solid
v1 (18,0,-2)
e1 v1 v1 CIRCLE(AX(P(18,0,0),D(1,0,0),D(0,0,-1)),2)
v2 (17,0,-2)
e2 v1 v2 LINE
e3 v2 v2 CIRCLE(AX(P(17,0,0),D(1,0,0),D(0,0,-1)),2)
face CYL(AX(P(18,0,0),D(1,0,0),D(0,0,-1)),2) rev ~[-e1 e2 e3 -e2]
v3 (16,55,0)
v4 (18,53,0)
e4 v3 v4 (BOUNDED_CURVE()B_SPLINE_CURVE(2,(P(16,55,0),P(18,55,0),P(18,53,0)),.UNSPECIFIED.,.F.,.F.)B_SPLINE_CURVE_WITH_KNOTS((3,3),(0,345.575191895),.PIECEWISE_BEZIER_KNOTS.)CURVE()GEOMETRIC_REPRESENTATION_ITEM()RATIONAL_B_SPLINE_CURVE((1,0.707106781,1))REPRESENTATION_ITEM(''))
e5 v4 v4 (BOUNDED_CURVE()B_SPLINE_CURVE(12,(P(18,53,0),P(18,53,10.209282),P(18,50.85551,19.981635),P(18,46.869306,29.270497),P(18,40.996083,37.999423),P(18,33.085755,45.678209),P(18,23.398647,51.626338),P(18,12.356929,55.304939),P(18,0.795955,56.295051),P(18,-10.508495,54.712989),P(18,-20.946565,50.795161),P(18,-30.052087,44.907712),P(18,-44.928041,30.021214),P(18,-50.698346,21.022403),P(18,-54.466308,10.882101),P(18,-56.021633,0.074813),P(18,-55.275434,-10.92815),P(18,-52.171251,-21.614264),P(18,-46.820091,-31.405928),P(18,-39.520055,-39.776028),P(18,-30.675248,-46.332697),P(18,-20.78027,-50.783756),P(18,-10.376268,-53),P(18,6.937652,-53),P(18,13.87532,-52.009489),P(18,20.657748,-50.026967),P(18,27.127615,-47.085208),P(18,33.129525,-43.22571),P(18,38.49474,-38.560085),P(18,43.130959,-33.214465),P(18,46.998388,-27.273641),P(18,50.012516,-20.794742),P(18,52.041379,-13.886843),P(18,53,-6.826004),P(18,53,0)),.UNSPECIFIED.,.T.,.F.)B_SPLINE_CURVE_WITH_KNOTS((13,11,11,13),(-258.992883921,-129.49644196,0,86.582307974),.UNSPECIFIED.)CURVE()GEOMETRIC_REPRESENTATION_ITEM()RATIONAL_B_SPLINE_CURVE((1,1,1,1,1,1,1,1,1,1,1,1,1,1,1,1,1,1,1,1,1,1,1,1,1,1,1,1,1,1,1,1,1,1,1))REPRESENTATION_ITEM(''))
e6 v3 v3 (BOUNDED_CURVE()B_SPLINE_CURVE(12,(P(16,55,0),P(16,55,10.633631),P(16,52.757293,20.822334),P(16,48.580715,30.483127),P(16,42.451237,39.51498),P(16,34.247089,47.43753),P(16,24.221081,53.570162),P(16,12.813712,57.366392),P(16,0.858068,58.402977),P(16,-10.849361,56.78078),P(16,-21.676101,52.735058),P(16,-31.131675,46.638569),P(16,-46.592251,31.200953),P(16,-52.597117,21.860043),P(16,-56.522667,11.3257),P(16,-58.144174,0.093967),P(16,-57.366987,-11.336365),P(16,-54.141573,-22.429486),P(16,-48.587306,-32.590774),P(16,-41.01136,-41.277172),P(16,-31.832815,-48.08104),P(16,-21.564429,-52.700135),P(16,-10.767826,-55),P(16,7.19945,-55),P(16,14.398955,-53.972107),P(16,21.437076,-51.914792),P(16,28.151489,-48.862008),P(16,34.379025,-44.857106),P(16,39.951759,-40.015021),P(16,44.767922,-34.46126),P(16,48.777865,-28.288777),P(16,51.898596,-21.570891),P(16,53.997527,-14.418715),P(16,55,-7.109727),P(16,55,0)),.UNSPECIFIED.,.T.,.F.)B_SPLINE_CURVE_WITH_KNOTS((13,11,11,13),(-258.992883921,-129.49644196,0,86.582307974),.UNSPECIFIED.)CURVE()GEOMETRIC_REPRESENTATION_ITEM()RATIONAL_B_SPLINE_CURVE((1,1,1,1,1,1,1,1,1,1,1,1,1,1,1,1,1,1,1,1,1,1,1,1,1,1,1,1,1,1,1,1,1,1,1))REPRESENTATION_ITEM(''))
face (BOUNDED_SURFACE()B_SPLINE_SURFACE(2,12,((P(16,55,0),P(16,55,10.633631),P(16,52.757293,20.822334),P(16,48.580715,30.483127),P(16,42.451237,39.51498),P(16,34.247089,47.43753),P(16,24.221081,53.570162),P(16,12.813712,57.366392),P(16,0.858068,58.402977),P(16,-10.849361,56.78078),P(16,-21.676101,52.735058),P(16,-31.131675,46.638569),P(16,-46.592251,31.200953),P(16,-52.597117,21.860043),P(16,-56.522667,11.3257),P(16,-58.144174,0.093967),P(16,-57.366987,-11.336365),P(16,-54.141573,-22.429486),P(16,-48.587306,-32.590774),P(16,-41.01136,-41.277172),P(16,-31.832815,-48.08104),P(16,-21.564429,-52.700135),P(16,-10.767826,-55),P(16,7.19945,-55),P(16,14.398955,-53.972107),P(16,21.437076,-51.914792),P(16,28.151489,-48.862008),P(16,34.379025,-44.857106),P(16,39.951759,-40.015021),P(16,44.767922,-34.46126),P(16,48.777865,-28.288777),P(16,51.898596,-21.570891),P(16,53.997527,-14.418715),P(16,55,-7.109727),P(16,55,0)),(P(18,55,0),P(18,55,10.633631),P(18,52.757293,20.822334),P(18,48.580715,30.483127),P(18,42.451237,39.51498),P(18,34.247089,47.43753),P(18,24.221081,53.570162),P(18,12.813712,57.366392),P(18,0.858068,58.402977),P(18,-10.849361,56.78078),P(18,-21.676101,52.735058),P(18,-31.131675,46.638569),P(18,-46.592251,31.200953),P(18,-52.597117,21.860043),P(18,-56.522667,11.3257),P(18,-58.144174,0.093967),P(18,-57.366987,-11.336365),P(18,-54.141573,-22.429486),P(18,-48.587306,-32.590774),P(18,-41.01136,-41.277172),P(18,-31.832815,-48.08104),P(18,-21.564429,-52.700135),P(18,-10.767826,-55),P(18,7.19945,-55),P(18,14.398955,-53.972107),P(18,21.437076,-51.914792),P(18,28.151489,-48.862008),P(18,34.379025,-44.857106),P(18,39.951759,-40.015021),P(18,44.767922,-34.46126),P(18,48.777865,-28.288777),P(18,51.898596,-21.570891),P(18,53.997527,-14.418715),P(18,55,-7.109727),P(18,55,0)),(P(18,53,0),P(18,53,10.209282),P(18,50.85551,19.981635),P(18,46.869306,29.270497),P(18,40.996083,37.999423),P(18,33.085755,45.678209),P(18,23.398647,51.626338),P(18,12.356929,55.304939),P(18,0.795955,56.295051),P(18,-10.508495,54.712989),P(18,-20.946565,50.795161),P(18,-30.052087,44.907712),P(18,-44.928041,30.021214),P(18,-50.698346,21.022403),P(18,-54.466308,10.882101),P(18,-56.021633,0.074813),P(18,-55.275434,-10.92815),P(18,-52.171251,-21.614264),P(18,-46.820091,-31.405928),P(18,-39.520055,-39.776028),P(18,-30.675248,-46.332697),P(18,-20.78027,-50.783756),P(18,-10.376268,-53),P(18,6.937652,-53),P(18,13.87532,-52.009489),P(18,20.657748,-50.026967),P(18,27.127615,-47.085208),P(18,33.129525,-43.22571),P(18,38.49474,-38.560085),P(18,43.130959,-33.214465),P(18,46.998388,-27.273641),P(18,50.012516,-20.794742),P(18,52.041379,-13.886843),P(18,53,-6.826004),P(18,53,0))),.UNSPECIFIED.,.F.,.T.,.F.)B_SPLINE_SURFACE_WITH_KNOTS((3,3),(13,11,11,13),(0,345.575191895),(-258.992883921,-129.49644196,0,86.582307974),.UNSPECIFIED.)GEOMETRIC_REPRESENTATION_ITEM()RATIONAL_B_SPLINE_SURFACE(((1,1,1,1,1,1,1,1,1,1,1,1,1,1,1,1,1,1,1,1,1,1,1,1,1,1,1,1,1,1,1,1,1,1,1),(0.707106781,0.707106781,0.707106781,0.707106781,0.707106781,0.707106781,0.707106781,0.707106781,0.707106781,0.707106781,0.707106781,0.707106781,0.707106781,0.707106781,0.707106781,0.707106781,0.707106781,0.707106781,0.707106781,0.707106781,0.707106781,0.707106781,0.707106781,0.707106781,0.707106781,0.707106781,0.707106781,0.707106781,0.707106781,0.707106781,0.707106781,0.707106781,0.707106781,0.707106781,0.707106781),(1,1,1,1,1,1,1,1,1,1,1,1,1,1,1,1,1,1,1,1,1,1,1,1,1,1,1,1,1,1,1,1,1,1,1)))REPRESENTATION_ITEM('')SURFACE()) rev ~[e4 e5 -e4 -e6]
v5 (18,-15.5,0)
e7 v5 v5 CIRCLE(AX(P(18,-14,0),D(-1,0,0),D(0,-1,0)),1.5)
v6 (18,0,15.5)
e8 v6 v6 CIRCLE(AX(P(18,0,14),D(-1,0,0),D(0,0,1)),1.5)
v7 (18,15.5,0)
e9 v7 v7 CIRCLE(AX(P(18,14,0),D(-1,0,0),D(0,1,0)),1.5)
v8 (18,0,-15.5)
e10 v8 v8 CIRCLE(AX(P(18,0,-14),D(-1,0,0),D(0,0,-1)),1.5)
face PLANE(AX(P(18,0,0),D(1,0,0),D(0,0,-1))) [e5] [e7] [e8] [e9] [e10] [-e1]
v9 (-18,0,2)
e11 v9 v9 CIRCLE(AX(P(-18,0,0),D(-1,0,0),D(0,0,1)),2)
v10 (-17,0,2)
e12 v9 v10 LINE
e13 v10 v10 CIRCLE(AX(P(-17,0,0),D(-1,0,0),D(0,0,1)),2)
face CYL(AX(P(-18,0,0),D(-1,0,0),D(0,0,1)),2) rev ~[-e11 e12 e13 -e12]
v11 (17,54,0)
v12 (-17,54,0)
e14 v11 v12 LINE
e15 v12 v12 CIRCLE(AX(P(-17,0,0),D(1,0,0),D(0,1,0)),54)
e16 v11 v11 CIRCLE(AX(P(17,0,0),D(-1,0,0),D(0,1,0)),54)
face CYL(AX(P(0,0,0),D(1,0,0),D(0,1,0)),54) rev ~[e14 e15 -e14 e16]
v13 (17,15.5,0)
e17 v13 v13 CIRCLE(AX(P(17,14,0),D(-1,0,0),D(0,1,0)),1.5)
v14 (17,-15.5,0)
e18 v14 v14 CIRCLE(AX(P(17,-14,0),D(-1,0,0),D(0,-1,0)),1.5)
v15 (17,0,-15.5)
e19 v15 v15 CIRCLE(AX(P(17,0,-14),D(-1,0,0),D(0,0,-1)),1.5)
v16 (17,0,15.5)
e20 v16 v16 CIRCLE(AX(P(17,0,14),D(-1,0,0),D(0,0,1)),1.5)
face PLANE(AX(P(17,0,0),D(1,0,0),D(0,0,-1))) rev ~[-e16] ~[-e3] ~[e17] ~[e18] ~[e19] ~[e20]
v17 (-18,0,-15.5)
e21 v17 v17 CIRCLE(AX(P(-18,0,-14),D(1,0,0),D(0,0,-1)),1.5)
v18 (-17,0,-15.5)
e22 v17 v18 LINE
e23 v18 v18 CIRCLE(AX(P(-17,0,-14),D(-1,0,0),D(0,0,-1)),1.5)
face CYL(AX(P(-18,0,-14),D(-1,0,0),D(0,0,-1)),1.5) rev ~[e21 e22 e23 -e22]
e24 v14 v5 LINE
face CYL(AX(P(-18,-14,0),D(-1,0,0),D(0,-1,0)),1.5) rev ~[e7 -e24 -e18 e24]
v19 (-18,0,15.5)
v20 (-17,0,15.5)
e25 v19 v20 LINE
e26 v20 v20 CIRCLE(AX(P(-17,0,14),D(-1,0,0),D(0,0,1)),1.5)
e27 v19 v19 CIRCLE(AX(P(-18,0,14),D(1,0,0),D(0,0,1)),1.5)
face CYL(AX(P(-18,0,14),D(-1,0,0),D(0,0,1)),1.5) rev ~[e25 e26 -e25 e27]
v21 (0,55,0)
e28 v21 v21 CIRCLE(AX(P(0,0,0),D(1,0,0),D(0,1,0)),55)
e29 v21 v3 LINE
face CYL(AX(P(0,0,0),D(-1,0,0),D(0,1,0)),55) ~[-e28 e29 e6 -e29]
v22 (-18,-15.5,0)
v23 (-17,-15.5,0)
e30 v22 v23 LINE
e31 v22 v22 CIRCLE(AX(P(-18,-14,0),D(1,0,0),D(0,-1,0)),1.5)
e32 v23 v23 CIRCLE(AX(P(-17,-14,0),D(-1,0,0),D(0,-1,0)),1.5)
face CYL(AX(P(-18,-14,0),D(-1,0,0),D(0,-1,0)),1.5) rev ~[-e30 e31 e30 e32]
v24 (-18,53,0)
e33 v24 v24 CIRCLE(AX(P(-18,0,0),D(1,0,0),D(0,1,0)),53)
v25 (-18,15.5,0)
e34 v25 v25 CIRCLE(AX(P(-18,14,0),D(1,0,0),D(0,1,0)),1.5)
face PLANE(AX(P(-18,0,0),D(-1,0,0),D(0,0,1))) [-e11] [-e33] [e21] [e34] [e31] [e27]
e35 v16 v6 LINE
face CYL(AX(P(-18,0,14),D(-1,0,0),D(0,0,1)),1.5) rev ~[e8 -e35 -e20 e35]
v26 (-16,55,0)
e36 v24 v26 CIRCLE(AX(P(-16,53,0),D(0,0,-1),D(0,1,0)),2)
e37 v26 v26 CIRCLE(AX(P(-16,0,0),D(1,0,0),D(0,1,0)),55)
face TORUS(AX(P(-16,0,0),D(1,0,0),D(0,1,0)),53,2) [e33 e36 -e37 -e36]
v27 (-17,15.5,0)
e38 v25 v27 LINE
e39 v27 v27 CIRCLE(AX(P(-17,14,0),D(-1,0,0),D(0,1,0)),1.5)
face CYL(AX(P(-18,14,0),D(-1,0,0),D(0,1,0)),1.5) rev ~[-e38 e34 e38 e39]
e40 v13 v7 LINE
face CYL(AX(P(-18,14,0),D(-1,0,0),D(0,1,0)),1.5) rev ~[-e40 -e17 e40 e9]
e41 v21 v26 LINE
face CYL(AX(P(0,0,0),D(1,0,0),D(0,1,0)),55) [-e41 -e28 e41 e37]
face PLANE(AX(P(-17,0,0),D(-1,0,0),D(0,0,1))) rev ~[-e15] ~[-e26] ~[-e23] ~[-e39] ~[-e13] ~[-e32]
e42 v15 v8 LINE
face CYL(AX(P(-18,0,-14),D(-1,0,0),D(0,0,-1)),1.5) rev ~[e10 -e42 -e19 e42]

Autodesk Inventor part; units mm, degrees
ref_plane "YZ Plane" through (0, 0, 0) normal (1, 0, 0) x (0, 1, 0)
ref_plane "XZ Plane" through (0, 0, 0) normal (0, 1, 0) x (-1, 0, 0)
ref_plane "XY Plane" through (0, 0, 0) normal (0, 0, 1) x (1, 0, 0)
sketch "스케치1" plane through (0, 0, 0) normal (1, 0, 0) x (0, 1, 0)
  circle A0 centre (0, 0) radius 55
  circle A1 centre (0, 0) radius 54
  dimension "d0" = 110
  dimension "d1" = 1
extrude "돌출1" add sketch "스케치1" along normal mid plane 36
sketch "스케치2" plane through (18, 0, 0) normal (1, 0, 0) x (0, 0, -1)
  circle A0 centre (0, 0) radius 55 projected
  circle A1 centre (0, 0) radius 2
  dimension "d4" = 4
extrude "돌출2" add sketch "스케치2" against normal blind 1
sketch "스케치3" plane through (-18, 0, 0) normal (-1, 0, 0) x (0, 0, 1)
  circle A0 centre (0, 0) radius 2 projected
  circle A1 centre (0, 0) radius 54 projected
extrude "돌출3" add sketch "스케치3" against normal blind 1
sketch "스케치4" plane through (-18, 0, 0) normal (-1, 0, 0) x (0, 0, 1)
  circle A0 centre (0, 0) radius 14
  line L0 (0, 0) -> (14, 0)
  circle A1 centre (14, 0) radius 1.5
  dimension "d9" = 28
  dimension "d10" = 3
extrude "돌출4" cut sketch "스케치4" against normal blind 36 contours L0 A1 A0 | A0 A1 | A0 A1 L0 picked at (14.4441, -0.3905)
pattern_circular "원형 패턴1" count 4 over 360 about axis through (-18, 0, 0) along (1, 0, 0) of "돌출4"
fillet "모깎기1" radius 2 3 edges at (18, 38.8909, -38.8909) (18, -38.8909, 38.8909) (-18, -55, 0)
properties part number "바퀴"
